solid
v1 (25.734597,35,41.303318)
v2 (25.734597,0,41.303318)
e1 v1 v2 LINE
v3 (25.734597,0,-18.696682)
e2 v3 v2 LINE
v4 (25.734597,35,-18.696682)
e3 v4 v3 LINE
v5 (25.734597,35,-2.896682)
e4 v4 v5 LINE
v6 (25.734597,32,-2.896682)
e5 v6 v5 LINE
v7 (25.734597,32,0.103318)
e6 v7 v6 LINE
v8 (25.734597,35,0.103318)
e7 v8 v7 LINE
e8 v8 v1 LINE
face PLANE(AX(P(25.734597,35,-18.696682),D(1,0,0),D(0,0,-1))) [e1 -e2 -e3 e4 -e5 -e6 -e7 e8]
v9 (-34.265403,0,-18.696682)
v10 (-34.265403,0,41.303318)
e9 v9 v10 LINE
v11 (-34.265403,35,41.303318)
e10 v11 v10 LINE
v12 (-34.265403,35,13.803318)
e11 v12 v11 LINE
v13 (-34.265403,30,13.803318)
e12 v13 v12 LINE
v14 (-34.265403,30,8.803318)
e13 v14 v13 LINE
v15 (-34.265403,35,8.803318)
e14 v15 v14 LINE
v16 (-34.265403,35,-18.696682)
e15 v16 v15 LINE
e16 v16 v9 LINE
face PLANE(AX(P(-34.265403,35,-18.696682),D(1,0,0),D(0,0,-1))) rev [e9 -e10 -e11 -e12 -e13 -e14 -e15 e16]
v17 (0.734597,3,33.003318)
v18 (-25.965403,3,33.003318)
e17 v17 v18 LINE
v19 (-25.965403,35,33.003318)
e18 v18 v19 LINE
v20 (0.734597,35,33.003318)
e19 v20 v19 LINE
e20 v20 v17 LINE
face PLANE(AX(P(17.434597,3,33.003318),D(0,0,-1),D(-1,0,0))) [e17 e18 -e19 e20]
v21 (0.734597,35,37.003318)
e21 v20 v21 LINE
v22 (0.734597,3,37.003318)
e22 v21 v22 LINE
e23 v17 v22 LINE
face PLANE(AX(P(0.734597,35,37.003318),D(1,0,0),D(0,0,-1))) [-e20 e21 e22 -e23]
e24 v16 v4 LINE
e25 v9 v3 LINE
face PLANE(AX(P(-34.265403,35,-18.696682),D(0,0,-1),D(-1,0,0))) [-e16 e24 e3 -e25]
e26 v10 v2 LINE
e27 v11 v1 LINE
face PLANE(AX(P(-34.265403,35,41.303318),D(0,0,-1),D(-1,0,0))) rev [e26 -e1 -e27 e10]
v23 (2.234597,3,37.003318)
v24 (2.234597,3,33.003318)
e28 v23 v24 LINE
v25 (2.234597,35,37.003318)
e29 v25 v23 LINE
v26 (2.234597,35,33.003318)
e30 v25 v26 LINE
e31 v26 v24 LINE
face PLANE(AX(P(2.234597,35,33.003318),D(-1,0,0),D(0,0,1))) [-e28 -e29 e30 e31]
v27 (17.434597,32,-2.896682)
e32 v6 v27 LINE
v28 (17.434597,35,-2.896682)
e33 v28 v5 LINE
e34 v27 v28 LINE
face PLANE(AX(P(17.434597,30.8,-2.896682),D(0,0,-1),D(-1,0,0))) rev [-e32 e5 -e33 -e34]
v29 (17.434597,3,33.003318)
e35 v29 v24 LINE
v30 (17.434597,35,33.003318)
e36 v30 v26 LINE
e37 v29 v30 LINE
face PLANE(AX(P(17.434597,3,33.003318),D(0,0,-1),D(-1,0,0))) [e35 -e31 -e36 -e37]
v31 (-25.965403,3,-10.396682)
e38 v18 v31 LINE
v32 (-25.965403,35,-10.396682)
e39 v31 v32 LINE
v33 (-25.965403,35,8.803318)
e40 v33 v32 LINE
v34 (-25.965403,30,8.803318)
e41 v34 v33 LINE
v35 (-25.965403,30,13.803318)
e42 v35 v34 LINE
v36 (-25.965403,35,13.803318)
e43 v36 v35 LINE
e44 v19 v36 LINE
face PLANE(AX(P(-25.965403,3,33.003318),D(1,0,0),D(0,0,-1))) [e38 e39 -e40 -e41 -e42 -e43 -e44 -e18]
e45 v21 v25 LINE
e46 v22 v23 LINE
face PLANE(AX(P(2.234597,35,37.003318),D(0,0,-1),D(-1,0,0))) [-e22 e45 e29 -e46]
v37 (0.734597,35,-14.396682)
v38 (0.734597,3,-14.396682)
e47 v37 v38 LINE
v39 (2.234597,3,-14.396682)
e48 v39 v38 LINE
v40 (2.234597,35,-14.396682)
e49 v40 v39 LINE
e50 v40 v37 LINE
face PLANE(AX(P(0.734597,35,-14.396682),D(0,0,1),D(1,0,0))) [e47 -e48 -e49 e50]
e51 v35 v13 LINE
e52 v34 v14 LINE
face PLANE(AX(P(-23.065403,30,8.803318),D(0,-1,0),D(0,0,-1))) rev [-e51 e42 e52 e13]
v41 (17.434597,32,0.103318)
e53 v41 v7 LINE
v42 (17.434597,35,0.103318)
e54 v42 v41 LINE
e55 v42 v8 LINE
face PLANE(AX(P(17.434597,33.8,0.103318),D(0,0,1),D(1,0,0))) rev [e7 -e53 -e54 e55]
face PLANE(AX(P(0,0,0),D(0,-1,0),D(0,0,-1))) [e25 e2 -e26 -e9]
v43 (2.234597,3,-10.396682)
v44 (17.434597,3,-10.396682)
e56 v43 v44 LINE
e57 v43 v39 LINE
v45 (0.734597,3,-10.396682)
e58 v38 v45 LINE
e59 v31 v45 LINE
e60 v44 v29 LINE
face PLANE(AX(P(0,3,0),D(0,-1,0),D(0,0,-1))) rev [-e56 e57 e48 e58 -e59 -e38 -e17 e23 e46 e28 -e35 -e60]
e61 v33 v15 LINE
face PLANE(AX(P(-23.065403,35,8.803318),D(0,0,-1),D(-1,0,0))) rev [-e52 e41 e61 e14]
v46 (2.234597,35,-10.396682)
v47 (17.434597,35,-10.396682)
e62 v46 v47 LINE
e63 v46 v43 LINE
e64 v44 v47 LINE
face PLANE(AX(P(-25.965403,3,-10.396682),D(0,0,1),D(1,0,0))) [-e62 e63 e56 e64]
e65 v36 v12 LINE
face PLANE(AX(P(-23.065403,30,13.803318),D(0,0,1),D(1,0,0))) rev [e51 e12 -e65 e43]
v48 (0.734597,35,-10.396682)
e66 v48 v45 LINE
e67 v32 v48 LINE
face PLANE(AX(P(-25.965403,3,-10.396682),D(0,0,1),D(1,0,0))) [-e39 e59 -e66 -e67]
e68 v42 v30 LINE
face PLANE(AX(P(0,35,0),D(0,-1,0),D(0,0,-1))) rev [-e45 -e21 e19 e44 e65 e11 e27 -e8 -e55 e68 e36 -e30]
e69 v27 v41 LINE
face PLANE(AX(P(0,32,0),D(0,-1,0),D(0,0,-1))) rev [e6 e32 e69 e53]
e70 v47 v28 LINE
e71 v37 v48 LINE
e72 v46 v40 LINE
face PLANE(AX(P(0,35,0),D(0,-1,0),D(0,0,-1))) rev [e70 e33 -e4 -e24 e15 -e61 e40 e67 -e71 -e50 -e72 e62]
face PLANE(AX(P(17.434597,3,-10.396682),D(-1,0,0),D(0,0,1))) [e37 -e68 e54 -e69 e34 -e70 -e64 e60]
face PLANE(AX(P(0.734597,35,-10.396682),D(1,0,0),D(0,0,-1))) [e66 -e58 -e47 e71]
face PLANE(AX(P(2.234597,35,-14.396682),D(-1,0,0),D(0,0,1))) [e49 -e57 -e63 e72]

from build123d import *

# Parameters (mm, degrees)
SKETCH1_W           = 60
SKETCH1_H           = 60
BOSS_EXTRUDE1_DEPTH = 35
SKETCH2_W           = 43.4
SKETCH2_H           = 43.4
CUT_EXTRUDE1_DEPTH  = 32
SKETCH3_W           = 1.5
SKETCH3_H           = 4
CUT_EXTRUDE4_DEPTH  = 32
SKETCH7_W           = 3.5
SKETCH7_H           = 3.5
CUT_EXTRUDE7_DEPTH  = 76
BOSS_EXTRUDE4_DEPTH = 8.3
BOSS_EXTRUDE5_DEPTH = 8.3
SKETCH13_W          = 3
SKETCH13_H          = 3
CUT_EXTRUDE8_DEPTH  = 8.3
SKETCH15_W          = 3
SKETCH15_H          = 1.2
CUT_EXTRUDE9_DEPTH  = 10
SKETCH18_W          = 8.3
SKETCH18_H          = 3
BOSS_EXTRUDE7_DEPTH = 1.2
SKETCH19_W          = 5
SKETCH19_H          = 5
CUT_EXTRUDE10_DEPTH = 11.2


with BuildPart() as part:
    # Sketch1 → Boss-Extrude1 (new body)
    with BuildSketch(Plane(origin=(0, 0, 0), x_dir=(1, 0, 0), z_dir=(0, 1, 0))):
        with Locations((-4.265402844, -11.303317536)):
            Rectangle(SKETCH1_W, SKETCH1_H)
    extrude(amount=BOSS_EXTRUDE1_DEPTH)

    # Sketch2 → Cut-Extrude1 (cut)
    with BuildSketch(Plane(origin=(0, 35, 0), x_dir=(1, 0, 0), z_dir=(0, 1, 0))):
        with Locations((-4.265402844, -11.303317536)):
            Rectangle(SKETCH2_W, SKETCH2_H)
    extrude(amount=-CUT_EXTRUDE1_DEPTH, mode=Mode.SUBTRACT)

    # Sketch3 → Cut-Extrude4 (cut)
    with BuildSketch(Plane(origin=(0, 3, 0), x_dir=(1, 0, 0), z_dir=(0, 1, 0))):
        with Locations((1.484597156, 12.396682464)):
            Rectangle(SKETCH3_W, SKETCH3_H)
        with Locations((1.484597156, -35.003317536)):
            Rectangle(SKETCH3_W, SKETCH3_H)
    extrude(amount=CUT_EXTRUDE4_DEPTH, mode=Mode.SUBTRACT)

    # Sketch7 → Cut-Extrude7 (cut)
    with BuildSketch(Plane.ZY.offset(34.265402844)):
        with Locations((-5.246682464, 30.75)):
            Rectangle(SKETCH7_W, SKETCH7_H)
    extrude(amount=-CUT_EXTRUDE7_DEPTH, mode=Mode.SUBTRACT)

    # Sketch9 → Boss-Extrude4 (add)
    with BuildSketch(Plane(origin=(25.734597156, 0, 0), x_dir=(0, 0, -1), z_dir=(1, 0, 0))):
        Polygon((3.496682464, 33.408360871), (7.381092644, 33.408360871), (7.381092644, 28.341399858), (2.785501873, 28.341399858), (2.785501873, 33.408360871), align=None)
    extrude(amount=-BOSS_EXTRUDE4_DEPTH)

    # Sketch12 → Boss-Extrude5 (add)
    with BuildSketch(Plane.ZY.offset(34.265402844)):
        Polygon((-6.996682464, 33.539678427), (-3.311731013, 33.539678427), (-3.311731013, 28.43958096), (-8.388325726, 28.43958096), (-8.388325726, 33.539678427), align=None)
    extrude(amount=-BOSS_EXTRUDE5_DEPTH)

    # Sketch13 → Cut-Extrude8 (cut)
    with BuildSketch(Plane(origin=(25.734597156, 0, 0), x_dir=(0, 0, -1), z_dir=(1, 0, 0))):
        with Locations((1.396682464, 32.3)):
            Rectangle(SKETCH13_W, SKETCH13_H)
    extrude(amount=-CUT_EXTRUDE8_DEPTH, mode=Mode.SUBTRACT)

    # Sketch15 → Cut-Extrude9 (cut)
    with BuildSketch(Plane(origin=(25.734597156, 0, 0), x_dir=(0, 0, -1), z_dir=(1, 0, 0))):
        with Locations((1.396682464, 34.4)):
            Rectangle(SKETCH15_W, SKETCH15_H)
    extrude(amount=-CUT_EXTRUDE9_DEPTH, mode=Mode.SUBTRACT)

    # Sketch18 → Boss-Extrude7 (add)
    with BuildSketch(Plane(origin=(0, 30.8, 0), x_dir=(1, 0, 0), z_dir=(0, 1, 0))):
        with Locations((21.584597156, 1.396682464)):
            Rectangle(SKETCH18_W, SKETCH18_H)
    extrude(amount=BOSS_EXTRUDE7_DEPTH)

    # Sketch19 → Cut-Extrude10 (cut)
    with BuildSketch(Plane.ZY.offset(34.265402844)):
        with Locations((11.303317536, 32.5)):
            Rectangle(SKETCH19_W, SKETCH19_H)
    extrude(amount=-CUT_EXTRUDE10_DEPTH, mode=Mode.SUBTRACT)


solid = part.part
